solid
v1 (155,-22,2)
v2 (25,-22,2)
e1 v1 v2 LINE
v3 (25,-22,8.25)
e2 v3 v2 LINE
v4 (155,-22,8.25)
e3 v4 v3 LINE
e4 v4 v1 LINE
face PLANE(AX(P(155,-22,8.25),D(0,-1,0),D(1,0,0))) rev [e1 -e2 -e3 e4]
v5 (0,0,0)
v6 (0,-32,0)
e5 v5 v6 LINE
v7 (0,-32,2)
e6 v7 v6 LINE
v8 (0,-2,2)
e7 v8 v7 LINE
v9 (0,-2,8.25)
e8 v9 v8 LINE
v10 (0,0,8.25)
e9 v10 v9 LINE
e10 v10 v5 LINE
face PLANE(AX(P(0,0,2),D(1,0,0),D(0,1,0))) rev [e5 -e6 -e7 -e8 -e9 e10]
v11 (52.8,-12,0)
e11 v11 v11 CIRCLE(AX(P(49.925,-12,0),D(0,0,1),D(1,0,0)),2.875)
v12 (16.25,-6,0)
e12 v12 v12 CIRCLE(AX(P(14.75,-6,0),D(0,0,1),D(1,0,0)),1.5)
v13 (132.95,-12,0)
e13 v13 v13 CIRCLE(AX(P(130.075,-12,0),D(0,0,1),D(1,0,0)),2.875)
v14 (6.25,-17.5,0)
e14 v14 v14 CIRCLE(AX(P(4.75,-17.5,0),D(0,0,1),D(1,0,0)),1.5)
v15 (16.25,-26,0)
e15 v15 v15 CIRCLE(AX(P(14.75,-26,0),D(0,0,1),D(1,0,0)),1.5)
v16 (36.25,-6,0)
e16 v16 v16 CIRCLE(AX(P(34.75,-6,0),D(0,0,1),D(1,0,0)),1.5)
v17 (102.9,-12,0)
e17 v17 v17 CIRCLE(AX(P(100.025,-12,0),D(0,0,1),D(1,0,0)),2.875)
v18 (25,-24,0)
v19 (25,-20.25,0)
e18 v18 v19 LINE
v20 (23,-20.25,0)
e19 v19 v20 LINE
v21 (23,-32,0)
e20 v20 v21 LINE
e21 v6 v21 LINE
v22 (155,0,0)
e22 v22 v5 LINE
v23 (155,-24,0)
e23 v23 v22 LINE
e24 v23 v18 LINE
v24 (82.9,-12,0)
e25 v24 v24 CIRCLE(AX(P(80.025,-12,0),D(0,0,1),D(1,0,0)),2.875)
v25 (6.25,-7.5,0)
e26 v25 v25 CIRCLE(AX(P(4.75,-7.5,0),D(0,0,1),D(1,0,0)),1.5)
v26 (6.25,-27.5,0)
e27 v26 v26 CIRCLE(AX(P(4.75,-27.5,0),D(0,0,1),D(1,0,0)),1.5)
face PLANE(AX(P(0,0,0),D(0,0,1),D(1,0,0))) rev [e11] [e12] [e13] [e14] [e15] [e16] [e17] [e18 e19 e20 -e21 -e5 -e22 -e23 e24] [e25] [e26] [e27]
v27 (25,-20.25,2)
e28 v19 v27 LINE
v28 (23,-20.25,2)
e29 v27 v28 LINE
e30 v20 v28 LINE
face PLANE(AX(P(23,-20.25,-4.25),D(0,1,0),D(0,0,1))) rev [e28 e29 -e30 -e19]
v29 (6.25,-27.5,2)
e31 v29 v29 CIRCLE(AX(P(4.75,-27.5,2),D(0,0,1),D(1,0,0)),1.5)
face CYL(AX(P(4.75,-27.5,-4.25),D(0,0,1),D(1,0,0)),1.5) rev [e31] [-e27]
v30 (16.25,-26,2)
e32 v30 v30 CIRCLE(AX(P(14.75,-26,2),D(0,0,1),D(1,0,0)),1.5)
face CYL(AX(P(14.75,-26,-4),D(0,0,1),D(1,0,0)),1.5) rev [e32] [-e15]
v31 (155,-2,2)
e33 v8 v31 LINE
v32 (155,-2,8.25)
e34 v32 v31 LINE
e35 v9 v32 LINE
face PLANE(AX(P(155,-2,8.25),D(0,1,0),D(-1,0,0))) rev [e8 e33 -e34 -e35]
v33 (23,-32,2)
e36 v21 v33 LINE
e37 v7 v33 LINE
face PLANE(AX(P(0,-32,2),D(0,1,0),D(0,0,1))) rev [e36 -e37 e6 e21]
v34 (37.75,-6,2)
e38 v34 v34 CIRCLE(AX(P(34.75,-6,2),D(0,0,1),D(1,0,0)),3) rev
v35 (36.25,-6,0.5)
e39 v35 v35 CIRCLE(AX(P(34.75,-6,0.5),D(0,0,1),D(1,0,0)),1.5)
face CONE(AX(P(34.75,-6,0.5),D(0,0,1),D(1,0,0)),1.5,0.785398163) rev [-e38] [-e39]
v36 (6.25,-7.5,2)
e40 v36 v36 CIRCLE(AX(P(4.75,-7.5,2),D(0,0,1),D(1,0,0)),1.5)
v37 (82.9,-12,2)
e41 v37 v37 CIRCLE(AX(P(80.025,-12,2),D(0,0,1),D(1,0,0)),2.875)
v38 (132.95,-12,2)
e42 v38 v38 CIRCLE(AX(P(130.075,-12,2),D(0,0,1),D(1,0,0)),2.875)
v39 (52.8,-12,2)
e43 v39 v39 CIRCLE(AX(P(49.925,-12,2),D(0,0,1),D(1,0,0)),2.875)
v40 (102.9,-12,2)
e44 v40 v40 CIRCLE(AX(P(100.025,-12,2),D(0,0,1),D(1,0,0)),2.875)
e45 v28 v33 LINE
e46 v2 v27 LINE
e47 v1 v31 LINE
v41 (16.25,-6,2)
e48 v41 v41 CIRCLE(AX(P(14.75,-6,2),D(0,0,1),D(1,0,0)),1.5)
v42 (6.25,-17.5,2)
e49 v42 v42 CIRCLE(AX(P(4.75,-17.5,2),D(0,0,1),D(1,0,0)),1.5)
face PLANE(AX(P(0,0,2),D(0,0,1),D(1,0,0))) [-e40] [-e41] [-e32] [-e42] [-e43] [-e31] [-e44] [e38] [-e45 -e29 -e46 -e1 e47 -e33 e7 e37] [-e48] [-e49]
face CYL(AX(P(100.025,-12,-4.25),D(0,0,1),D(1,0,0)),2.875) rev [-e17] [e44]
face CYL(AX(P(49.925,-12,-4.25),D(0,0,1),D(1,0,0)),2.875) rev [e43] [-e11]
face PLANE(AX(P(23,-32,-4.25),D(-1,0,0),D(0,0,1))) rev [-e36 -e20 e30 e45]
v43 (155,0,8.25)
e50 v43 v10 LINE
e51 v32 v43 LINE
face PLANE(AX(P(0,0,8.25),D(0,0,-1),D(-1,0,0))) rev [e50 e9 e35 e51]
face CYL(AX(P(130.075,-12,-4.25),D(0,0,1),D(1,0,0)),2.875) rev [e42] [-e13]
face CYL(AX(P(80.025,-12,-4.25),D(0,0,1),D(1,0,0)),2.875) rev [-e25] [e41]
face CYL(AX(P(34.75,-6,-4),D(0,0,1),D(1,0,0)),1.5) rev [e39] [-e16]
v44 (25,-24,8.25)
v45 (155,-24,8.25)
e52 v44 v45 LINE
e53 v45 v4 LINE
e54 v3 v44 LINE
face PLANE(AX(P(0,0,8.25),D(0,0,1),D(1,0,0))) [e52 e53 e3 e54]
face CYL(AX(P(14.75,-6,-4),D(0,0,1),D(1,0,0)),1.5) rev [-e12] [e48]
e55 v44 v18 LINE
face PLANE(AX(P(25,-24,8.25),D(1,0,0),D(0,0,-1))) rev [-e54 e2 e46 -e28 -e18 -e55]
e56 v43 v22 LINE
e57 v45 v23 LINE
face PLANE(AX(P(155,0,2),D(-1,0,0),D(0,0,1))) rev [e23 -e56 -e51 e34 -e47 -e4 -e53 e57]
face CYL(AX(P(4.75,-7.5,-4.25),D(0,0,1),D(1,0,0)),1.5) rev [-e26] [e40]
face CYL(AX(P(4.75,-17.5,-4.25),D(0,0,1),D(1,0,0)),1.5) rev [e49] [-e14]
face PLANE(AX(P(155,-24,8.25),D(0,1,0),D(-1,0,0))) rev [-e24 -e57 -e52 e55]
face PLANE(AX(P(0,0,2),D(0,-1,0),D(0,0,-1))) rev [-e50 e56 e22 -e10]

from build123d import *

# Parameters (mm, degrees)
SKETCH1_W           = 155
SKETCH1_H           = 32
BOSS_EXTRUDE1_DEPTH = 2
SKETCH2_W           = 155
SKETCH2_H           = 2
SKETCH2_W_2         = 130
BOSS_EXTRUDE2_DEPTH = 6.25
CUT_EXTRUDE1_DEPTH  = 6.25
SKETCH4_R           = 1.5
CUT_EXTRUDE2_DEPTH  = 6.25
SKETCH5_R           = 2.875
CUT_EXTRUDE3_DEPTH  = 6.25
SKETCH6_R           = 1.5
CUT_EXTRUDE4_DEPTH  = 6
CHAMFER1_SIZE       = 1.5


with BuildPart() as part:
    # Sketch1 → Boss-Extrude1 (new body)
    with BuildSketch(Plane.XY):
        with Locations((77.5, -16)):
            Rectangle(SKETCH1_W, SKETCH1_H)
    extrude(amount=BOSS_EXTRUDE1_DEPTH)

    # Sketch2 → Boss-Extrude2 (add)
    with BuildSketch(Plane.XY.offset(2)):
        with Locations((77.5, -1)):
            Rectangle(SKETCH2_W, SKETCH2_H)
        with Locations((90, -23)):
            Rectangle(SKETCH2_W_2, SKETCH2_H)
    extrude(amount=BOSS_EXTRUDE2_DEPTH)

    # Sketch3 → Cut-Extrude1 (cut)
    with BuildSketch(Plane.XY.offset(2)):
        Polygon((155, -32), (23, -32), (23, -24), (23, -20.25), (25, -20.25), (25, -24), (155, -24), align=None)
    extrude(amount=-CUT_EXTRUDE1_DEPTH, mode=Mode.SUBTRACT)

    # Sketch4 → Cut-Extrude2 (cut)
    with BuildSketch(Plane.XY.offset(2)):
        with Locations((4.75, -27.5)):
            Circle(SKETCH4_R)
        with Locations((4.75, -17.5)):
            Circle(SKETCH4_R)
        with Locations((4.75, -7.5)):
            Circle(SKETCH4_R)
    extrude(amount=-CUT_EXTRUDE2_DEPTH, mode=Mode.SUBTRACT)

    # Sketch5 → Cut-Extrude3 (cut)
    with BuildSketch(Plane.XY.offset(2)):
        with Locations((130.075, -12)):
            Circle(SKETCH5_R)
        with Locations((100.025, -12)):
            Circle(SKETCH5_R)
        with Locations((80.025, -12)):
            Circle(SKETCH5_R)
        with Locations((49.925, -12)):
            Circle(SKETCH5_R)
    extrude(amount=-CUT_EXTRUDE3_DEPTH, mode=Mode.SUBTRACT)

    # Sketch6 → Cut-Extrude4 (cut)
    with BuildSketch(Plane.XY.offset(2)):
        with Locations((14.75, -26)):
            Circle(SKETCH6_R)
        with Locations((14.75, -6)):
            Circle(SKETCH6_R)
        with Locations((34.75, -6)):
            Circle(SKETCH6_R)
    extrude(amount=-CUT_EXTRUDE4_DEPTH, mode=Mode.SUBTRACT)

    # Chamfer1
    chamfer1_edges = [part.edges().sort_by_distance(p)[0] for p in [
        (33.25, -6, 2),
    ]]
    chamfer(chamfer1_edges, length=CHAMFER1_SIZE)


solid = part.part
